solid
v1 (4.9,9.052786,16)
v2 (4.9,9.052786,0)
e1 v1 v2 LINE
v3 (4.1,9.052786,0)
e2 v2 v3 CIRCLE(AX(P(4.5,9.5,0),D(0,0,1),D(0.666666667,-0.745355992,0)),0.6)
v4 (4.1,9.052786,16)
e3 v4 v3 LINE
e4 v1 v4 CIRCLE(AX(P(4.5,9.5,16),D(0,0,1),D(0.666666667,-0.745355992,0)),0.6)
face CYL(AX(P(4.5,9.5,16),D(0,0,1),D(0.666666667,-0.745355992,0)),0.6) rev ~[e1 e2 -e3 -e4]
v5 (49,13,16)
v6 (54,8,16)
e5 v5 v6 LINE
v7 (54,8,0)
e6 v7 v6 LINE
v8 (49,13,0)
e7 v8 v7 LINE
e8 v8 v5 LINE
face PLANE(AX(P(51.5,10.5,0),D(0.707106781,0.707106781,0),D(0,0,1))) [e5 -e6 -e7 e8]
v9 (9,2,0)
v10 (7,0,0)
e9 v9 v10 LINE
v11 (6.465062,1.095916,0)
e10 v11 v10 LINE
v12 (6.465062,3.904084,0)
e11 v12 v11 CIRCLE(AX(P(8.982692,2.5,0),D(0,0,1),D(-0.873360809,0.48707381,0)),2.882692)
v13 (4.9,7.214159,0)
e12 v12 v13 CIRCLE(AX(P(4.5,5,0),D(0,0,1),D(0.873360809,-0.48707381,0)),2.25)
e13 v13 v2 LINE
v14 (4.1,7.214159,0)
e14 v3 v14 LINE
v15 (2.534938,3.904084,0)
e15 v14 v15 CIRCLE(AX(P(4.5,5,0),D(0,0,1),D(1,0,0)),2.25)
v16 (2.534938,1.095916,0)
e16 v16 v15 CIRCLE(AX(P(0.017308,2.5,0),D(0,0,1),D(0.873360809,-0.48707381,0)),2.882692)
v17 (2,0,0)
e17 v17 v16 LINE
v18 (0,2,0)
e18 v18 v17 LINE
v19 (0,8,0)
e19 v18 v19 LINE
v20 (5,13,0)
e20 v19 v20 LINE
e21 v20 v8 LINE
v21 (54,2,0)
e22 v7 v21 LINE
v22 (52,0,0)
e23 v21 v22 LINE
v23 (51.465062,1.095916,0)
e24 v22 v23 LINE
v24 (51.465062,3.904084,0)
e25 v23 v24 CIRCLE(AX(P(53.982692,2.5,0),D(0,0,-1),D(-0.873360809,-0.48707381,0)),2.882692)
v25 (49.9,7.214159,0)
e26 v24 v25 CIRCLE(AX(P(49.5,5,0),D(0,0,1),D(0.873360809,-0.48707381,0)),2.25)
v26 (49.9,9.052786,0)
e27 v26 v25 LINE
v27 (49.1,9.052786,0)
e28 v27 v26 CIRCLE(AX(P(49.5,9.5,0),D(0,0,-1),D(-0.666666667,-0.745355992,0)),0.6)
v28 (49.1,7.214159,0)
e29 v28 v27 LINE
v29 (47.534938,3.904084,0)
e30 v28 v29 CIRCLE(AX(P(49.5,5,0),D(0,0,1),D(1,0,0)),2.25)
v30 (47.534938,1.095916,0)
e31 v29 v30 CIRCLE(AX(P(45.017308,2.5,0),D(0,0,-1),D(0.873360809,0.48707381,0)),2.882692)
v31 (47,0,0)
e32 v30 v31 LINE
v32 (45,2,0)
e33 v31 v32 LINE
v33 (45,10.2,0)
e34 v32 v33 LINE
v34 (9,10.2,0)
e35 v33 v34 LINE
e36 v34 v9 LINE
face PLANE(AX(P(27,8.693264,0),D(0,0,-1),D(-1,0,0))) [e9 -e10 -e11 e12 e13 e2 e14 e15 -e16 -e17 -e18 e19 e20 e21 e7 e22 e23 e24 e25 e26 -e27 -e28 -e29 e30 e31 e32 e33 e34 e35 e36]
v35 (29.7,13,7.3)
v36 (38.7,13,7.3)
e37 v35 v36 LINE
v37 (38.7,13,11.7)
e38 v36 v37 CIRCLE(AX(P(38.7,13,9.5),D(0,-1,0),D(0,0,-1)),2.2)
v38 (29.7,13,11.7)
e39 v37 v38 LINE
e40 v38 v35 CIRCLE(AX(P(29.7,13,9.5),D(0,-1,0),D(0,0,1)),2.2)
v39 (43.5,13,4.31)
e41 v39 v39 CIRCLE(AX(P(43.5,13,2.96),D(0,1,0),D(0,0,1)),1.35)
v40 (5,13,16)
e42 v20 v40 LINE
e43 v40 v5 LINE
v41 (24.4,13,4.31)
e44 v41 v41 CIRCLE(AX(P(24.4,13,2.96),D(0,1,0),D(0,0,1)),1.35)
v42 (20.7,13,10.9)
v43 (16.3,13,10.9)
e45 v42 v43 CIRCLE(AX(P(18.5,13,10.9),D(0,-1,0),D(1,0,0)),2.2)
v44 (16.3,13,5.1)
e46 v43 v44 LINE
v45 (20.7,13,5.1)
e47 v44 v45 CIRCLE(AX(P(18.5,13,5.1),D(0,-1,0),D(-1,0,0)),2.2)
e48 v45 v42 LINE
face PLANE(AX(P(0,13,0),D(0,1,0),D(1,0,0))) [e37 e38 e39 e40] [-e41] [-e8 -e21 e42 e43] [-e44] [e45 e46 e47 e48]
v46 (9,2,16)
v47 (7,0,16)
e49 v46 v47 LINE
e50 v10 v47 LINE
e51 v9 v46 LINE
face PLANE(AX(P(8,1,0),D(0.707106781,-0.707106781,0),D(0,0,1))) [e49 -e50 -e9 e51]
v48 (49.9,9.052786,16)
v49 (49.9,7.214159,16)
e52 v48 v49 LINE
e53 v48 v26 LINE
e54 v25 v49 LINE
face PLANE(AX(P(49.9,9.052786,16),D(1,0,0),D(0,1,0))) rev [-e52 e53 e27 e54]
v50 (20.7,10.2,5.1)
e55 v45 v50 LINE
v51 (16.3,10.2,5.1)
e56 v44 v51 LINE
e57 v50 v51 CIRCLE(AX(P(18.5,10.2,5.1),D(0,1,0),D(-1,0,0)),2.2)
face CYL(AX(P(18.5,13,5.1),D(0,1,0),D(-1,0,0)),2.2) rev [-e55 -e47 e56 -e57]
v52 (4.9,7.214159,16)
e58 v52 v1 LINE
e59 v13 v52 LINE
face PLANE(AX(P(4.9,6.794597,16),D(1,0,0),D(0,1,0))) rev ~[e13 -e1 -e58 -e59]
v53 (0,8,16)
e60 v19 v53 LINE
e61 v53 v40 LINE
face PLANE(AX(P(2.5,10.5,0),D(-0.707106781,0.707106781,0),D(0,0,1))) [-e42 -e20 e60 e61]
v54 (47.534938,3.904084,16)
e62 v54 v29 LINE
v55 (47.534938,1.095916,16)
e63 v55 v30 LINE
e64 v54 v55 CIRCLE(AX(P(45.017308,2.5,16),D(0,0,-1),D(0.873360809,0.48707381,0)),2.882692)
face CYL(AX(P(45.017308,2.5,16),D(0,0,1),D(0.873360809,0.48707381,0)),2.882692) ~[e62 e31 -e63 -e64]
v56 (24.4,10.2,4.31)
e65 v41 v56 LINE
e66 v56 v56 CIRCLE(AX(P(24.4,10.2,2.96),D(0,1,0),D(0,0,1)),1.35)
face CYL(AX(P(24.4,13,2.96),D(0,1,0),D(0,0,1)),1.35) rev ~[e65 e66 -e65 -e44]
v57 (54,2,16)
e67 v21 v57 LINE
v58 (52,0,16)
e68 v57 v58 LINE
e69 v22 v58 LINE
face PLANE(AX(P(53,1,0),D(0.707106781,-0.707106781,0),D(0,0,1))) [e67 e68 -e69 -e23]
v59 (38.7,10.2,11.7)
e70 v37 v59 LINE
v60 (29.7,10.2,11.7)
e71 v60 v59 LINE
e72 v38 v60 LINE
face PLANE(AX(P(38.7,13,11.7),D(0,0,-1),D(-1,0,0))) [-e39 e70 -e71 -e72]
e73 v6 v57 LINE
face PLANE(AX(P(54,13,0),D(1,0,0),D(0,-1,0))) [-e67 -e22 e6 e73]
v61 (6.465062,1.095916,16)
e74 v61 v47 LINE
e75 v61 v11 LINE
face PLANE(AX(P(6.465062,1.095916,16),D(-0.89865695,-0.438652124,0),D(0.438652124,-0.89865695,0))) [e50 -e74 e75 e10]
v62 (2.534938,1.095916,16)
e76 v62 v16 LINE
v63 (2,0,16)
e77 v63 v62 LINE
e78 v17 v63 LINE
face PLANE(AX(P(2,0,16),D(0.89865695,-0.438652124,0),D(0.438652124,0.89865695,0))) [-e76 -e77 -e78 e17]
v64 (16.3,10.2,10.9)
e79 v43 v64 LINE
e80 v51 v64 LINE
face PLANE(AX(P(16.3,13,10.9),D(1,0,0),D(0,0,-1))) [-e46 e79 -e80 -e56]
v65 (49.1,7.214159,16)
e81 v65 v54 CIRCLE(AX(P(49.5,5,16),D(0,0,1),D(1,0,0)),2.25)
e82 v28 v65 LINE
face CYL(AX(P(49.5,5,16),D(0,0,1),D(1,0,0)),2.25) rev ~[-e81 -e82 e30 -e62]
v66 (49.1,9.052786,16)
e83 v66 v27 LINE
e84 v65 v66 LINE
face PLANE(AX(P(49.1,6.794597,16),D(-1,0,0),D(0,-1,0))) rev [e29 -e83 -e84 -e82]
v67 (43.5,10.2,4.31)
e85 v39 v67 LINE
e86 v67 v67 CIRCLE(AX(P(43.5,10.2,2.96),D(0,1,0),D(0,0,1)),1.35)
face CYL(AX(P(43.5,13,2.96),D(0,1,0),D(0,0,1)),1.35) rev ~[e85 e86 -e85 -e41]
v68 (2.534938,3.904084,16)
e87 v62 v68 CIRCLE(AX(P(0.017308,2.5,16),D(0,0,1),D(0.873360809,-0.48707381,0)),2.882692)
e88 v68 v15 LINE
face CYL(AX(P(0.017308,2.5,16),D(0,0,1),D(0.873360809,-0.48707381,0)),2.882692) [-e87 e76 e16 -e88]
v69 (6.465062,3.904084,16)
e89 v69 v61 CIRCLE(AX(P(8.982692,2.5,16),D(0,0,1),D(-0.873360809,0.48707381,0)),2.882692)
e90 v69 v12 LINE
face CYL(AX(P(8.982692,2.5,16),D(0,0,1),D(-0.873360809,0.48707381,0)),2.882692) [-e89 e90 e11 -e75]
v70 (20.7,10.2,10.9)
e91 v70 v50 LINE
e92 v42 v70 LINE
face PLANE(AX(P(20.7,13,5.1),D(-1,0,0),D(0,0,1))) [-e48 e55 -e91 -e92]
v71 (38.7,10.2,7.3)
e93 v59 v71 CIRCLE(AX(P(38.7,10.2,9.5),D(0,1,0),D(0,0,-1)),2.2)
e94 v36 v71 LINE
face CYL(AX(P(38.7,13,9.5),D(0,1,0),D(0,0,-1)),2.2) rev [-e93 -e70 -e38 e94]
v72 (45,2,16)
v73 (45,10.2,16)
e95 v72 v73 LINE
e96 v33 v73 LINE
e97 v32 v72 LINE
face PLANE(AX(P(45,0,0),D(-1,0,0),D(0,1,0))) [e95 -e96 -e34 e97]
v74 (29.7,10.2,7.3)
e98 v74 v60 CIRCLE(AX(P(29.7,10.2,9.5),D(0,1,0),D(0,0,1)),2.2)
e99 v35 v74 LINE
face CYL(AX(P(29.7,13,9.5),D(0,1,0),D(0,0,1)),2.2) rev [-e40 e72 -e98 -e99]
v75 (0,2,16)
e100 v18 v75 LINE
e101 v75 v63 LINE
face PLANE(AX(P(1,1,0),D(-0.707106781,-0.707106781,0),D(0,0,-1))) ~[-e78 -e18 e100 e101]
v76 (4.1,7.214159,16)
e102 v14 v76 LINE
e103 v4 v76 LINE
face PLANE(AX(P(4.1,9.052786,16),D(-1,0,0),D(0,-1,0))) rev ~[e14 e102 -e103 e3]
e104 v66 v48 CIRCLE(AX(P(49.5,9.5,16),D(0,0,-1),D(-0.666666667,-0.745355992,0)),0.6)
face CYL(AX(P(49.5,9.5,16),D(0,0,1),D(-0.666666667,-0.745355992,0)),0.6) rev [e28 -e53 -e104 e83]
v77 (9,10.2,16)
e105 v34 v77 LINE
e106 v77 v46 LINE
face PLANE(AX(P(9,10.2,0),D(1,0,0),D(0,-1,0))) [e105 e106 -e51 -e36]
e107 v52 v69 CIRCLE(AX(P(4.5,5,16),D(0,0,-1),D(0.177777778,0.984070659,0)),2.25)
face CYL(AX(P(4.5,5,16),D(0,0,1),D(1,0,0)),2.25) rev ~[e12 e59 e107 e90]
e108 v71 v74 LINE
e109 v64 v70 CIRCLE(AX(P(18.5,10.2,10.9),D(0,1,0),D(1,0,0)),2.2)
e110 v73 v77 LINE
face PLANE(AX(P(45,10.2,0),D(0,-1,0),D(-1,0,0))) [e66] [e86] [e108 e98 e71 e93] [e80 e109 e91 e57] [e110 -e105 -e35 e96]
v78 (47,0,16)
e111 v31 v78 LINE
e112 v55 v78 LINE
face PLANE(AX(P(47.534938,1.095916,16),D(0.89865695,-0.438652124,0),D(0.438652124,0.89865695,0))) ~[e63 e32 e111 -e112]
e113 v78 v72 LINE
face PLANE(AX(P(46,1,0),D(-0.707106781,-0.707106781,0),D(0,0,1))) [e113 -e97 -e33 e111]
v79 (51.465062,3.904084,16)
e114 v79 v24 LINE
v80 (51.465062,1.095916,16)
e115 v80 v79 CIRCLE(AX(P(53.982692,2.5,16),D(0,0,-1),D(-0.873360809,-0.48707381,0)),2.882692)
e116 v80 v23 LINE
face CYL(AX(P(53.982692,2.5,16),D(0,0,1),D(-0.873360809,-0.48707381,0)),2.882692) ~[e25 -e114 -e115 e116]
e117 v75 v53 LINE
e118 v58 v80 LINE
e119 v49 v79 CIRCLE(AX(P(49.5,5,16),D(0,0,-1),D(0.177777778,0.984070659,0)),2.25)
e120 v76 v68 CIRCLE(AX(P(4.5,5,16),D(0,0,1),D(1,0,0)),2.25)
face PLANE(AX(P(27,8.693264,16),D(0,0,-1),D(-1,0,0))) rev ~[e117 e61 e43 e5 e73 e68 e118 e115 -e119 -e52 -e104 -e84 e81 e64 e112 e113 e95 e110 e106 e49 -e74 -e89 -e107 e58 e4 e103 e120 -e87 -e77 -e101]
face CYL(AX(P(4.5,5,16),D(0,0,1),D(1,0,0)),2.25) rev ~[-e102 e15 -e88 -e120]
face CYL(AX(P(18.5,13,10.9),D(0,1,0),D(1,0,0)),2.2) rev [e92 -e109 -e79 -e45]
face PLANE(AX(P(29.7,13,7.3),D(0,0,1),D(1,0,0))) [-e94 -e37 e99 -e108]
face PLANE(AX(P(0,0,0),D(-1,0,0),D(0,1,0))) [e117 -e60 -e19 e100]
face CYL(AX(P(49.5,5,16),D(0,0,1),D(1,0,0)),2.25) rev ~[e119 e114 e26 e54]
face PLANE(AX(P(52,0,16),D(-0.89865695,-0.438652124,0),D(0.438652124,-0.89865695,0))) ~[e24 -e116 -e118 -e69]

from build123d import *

# Parameters (mm, degrees)
BOSS_EXTRUDE1_DEPTH = 16
CHAMFER1_SIZE       = 2
SKETCH2_R           = 2.25
CUT_EXTRUDE1_DEPTH  = 16
CUT_EXTRUDE2_DEPTH  = 16
SKETCH5_R           = 1.35
CUT_EXTRUDE3_DEPTH  = 16
CHAMFER3_SIZE       = 5


with BuildPart() as part:
    # Sketch1 → Boss-Extrude1 (new body)
    with BuildSketch(Plane.XY):
        Polygon((0, 0), (0, 13), (54, 13), (54, 0), (45, 0), (45, 10.2), (9, 10.2), (9, 0), align=None)
    extrude(amount=BOSS_EXTRUDE1_DEPTH)

    # Chamfer1
    chamfer1_edges = [part.edges().sort_by_distance(p)[0] for p in [
        (0, 0, 8),
        (54, 0, 8),
        (45, 0, 8),
        (9, 0, 8),
    ]]
    chamfer(chamfer1_edges, length=CHAMFER1_SIZE)

    # Sketch2 → Cut-Extrude1 (cut)
    with BuildSketch(Plane.XY.offset(16)):
        with Locations((4.5, 5)):
            Circle(SKETCH2_R)
        with Locations((49.5, 5)):
            Circle(SKETCH2_R)
    extrude(amount=-CUT_EXTRUDE1_DEPTH, mode=Mode.SUBTRACT)

    # Sketch3 → Cut-Extrude2 (cut)
    with BuildSketch(Plane.XY.offset(16)):
        with BuildLine():
            Line((2.534938179, 3.904083927), (6.465061821, 3.904083927))
            ThreePointArc((6.465061821, 3.904083927), (6.1, 2.5), (6.465061821, 1.095916073))
            Line((6.465061821, 1.095916073), (7, 0))
            Line((7, 0), (2, 0))
            Line((2, 0), (2.534938179, 1.095916073))
            ThreePointArc((2.534938179, 1.095916073), (2.9, 2.5), (2.534938179, 3.904083927))
        make_face()
        with BuildLine():
            Line((4.1, 9.052786405), (4.1, 6.794596967))
            Line((4.1, 6.794596967), (4.9, 6.794596967))
            Line((4.9, 6.794596967), (4.9, 9.052786405))
            ThreePointArc((4.9, 9.052786405), (4.5, 10.1), (4.1, 9.052786405))
        make_face()
    cut_extrude2 = extrude(amount=-CUT_EXTRUDE2_DEPTH, mode=Mode.SUBTRACT)

    # Mirror1: Cut-Extrude2 across plane
    add(cut_extrude2.mirror(Plane(origin=(27, 0, 0), x_dir=(0, 0, 1), z_dir=(1, 0, 0))), mode=Mode.SUBTRACT)

    # Sketch5 → Cut-Extrude3 (cut)
    with BuildSketch(Plane(origin=(0, 13, 0), x_dir=(1, 0, 0), z_dir=(0, 1, 0))):
        with Locations(Location((24.4, -2.96, 0), (0, 0, 270))):
            Circle(SKETCH5_R)
        with Locations(Location((43.5, -2.96, 0), (0, 0, 270))):
            Circle(SKETCH5_R)
        with BuildLine():
            Line((20.7, -5.1), (20.7, -10.9))
            ThreePointArc((20.7, -10.9), (18.5, -13.1), (16.3, -10.9))
            Line((16.3, -10.9), (16.3, -5.1))
            ThreePointArc((16.3, -5.1), (18.5, -2.9), (20.7, -5.1))
        make_face()
        with BuildLine():
            Line((29.7, -7.3), (38.7, -7.3))
            ThreePointArc((38.7, -7.3), (40.9, -9.5), (38.7, -11.7))
            Line((38.7, -11.7), (29.7, -11.7))
            ThreePointArc((29.7, -11.7), (27.5, -9.5), (29.7, -7.3))
        make_face()
    extrude(amount=-CUT_EXTRUDE3_DEPTH, mode=Mode.SUBTRACT)

    # Chamfer3
    chamfer3_edges = [part.edges().sort_by_distance(p)[0] for p in [
        (0, 13, 8),
        (54, 13, 8),
    ]]
    chamfer(chamfer3_edges, length=CHAMFER3_SIZE)


solid = part.part
